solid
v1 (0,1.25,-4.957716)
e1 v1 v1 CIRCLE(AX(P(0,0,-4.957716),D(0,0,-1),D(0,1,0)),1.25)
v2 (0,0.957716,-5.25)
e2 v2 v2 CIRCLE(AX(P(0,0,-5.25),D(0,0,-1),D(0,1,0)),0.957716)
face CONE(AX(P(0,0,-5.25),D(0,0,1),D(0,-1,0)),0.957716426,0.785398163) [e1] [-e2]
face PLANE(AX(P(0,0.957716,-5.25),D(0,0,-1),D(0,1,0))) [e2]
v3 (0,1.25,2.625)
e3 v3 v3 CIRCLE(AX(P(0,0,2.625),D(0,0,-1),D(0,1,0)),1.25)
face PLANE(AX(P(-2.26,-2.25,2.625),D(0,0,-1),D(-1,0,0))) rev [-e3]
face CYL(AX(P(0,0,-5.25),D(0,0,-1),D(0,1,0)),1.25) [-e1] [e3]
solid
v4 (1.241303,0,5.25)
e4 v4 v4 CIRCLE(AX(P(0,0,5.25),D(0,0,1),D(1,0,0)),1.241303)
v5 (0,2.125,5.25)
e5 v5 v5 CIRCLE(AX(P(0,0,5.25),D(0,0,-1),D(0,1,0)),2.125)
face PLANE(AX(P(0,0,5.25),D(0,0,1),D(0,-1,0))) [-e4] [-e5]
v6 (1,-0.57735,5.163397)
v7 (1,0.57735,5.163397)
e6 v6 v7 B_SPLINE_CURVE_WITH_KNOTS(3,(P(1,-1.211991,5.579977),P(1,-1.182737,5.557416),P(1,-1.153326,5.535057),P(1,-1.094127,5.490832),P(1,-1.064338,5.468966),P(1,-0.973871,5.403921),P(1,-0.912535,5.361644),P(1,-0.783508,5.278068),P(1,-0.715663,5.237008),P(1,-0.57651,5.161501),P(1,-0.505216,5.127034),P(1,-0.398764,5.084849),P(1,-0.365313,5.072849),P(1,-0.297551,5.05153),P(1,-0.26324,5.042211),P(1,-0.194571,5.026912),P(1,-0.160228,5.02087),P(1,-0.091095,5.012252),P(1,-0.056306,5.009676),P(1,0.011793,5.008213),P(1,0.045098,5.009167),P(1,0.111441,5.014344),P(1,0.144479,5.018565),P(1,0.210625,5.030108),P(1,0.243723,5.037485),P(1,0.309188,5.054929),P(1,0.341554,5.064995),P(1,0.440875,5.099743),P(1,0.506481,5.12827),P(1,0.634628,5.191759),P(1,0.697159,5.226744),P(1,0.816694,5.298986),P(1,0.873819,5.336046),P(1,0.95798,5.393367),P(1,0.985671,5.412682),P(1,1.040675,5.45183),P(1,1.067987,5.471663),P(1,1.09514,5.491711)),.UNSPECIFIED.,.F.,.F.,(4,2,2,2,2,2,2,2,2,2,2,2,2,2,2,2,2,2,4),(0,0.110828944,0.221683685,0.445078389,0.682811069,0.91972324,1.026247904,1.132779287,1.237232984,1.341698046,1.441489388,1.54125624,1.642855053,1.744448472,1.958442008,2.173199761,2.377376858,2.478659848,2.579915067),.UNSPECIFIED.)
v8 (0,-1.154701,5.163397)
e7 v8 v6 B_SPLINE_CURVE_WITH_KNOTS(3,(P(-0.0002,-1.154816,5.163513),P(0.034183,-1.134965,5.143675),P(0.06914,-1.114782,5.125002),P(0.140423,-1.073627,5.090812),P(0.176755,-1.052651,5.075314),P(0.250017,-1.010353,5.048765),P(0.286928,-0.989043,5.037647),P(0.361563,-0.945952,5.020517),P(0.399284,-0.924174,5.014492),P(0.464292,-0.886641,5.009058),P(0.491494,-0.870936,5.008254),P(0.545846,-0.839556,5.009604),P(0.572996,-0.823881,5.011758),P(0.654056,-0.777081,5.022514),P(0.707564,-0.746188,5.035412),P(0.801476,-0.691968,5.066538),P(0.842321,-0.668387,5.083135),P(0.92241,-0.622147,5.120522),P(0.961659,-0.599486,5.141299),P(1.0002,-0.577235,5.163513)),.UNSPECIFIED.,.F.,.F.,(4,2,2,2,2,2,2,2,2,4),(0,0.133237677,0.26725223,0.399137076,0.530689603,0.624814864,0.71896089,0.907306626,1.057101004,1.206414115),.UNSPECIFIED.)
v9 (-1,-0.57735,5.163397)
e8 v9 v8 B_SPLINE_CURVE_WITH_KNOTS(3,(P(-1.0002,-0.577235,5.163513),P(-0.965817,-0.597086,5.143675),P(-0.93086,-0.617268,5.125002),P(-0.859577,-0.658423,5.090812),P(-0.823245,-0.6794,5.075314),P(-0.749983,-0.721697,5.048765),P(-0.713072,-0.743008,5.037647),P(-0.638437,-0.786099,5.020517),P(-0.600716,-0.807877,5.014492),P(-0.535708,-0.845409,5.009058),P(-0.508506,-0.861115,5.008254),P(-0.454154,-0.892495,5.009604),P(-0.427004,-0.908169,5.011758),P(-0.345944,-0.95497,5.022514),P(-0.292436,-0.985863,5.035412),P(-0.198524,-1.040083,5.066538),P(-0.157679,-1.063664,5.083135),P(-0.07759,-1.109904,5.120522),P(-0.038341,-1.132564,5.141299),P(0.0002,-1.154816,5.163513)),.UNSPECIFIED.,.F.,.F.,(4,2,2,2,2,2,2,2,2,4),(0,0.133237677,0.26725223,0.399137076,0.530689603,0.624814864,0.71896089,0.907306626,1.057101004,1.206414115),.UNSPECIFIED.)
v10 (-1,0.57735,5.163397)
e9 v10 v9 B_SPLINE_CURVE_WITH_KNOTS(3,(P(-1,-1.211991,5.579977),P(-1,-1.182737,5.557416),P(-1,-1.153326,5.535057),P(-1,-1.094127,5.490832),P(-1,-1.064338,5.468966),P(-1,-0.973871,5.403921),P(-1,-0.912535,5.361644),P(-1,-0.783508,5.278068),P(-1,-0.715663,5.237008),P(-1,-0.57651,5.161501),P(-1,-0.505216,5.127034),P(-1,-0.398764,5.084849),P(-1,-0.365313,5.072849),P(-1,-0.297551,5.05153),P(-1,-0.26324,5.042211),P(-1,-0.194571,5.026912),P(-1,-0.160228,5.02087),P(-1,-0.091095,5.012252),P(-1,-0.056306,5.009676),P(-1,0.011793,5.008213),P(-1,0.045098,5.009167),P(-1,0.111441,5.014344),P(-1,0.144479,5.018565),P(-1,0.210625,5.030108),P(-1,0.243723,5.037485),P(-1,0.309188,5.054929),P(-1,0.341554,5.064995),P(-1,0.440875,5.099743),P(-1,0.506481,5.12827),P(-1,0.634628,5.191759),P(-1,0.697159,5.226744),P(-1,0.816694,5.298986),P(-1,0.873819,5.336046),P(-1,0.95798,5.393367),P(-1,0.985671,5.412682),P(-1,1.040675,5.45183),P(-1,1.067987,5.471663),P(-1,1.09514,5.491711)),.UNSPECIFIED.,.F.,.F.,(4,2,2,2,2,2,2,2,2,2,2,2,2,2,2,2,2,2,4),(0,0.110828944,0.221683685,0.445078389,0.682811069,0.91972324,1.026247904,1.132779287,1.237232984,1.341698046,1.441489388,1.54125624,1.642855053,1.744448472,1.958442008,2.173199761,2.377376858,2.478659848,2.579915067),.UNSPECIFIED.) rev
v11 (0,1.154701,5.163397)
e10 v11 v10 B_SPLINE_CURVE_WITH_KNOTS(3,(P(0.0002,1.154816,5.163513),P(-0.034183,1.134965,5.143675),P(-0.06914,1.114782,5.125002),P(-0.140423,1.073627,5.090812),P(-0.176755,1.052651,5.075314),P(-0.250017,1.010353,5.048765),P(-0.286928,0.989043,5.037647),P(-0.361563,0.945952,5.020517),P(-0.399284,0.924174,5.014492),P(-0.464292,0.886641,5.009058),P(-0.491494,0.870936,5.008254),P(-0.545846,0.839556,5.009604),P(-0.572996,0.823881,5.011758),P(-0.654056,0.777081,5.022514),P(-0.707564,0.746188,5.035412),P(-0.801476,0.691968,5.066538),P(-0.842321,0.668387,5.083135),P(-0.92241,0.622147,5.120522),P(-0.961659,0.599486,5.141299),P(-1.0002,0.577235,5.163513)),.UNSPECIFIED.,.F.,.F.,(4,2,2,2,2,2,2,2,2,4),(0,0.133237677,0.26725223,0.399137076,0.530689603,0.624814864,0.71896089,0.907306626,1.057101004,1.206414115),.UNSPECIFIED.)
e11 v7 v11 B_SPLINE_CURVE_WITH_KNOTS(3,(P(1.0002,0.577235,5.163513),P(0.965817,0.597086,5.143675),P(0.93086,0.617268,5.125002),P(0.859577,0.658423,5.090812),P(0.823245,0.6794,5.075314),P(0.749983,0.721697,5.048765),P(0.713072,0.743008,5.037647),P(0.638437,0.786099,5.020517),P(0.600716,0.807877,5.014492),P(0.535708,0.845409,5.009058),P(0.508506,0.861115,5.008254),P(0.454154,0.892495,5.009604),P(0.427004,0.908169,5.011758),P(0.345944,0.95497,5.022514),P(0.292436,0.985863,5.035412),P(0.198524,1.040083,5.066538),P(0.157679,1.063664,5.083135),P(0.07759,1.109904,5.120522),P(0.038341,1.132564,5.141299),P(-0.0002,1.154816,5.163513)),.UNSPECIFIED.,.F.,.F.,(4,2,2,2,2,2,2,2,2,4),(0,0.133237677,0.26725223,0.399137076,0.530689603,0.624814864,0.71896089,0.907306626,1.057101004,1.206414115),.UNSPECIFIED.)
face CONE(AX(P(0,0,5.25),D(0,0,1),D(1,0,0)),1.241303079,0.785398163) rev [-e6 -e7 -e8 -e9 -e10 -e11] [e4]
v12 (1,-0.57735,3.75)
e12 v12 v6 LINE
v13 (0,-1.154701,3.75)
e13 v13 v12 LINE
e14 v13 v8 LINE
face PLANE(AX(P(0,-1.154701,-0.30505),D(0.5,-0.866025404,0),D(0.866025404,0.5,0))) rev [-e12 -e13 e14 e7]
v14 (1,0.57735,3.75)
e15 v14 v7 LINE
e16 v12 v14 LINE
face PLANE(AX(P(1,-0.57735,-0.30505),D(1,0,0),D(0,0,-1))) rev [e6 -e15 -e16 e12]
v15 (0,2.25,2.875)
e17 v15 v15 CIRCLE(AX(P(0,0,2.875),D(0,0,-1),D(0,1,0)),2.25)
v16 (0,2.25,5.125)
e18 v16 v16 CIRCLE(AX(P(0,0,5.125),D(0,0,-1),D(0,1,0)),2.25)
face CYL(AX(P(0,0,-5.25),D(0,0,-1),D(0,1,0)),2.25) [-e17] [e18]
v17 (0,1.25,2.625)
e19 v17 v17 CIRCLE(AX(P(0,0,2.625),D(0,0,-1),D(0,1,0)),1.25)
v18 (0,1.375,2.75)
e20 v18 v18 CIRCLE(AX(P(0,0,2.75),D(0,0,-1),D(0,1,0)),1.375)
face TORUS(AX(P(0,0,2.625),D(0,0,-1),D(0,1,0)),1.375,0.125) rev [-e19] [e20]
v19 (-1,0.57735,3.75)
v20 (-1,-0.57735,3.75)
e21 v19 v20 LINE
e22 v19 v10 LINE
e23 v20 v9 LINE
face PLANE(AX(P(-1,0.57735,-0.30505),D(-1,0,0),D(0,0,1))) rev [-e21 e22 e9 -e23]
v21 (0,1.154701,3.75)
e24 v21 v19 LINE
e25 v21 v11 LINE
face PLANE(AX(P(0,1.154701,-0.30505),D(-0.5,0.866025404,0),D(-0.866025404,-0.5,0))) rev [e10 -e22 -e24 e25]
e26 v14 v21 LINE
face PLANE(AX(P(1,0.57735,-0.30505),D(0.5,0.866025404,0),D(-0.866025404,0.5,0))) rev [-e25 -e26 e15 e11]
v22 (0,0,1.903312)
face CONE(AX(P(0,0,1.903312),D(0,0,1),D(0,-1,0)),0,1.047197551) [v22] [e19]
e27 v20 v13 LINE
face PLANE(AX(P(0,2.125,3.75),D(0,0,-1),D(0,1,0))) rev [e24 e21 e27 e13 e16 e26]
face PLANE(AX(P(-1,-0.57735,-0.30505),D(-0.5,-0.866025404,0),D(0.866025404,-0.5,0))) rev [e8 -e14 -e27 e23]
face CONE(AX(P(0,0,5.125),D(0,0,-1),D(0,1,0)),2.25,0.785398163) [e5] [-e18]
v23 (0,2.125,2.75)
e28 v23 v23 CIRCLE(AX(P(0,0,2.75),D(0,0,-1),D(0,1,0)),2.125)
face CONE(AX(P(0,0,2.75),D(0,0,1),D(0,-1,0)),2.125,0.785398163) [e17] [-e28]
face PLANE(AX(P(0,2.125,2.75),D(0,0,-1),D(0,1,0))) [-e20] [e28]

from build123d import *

# Parameters (mm, degrees)
CUT_EXTRUDE1_DEPTH     = 1.5
SPLIT1_SURFACE_1_BACK  = 13.278
SPLIT1_SURFACE_1_DEPTH = 26.556
SPLIT1_SURFACE_2_BACK  = 13.278
SPLIT1_SURFACE_2_DEPTH = 26.556


with BuildPart() as part:
    # Sketch2 → Revolve1 (revolve)
    with BuildSketch(Plane(origin=(0, 0, 0), x_dir=(0, 0, -1), z_dir=(1, 0, 0))):
        with BuildLine():
            Line((-5.25, 0), (-5.25, 2.125))
            Line((-5.25, 2.125), (-5.125, 2.25))
            Line((-5.125, 2.25), (-2.875, 2.25))
            Line((-2.875, 2.25), (-2.75, 2.125))
            Line((-2.75, 2.125), (-2.75, 1.375))
            ThreePointArc((-2.75, 1.375), (-2.713388348, 1.286611652), (-2.625, 1.25))
            Line((-2.625, 1.25), (4.957716426, 1.25))
            Line((4.957716426, 1.25), (5.25, 0.957716426))
            Line((5.25, 0.957716426), (5.25, 0))
            Line((5.25, 0), (-5.25, 0))
        make_face()
    revolve(axis=Axis((0, 0, -5.25), (0, 0, 1)))

    # Sketch3 → Cut-Extrude1 (cut)
    with BuildSketch(Plane.XY.offset(5.25)):
        Polygon((1, -0.577350269), (1, 0.577350269), (0, 1.154700538), (-1, 0.577350269), (-1, -0.577350269), (0, -1.154700538), align=None)
    extrude(amount=-CUT_EXTRUDE1_DEPTH, mode=Mode.SUBTRACT)

    # Cut-Extrude2 cone 1 section (through the dimple's axis) → Cut-Extrude2 (revolve, cut)
    with BuildSketch(Plane(origin=(0, 0, 5.25), x_dir=(0, -1, 0), z_dir=(1, 0, 0))):
        Polygon((0, 0), (1.241303079, 0), (0, 1.241303079), align=None)
    revolve(axis=Axis((0, 0, 5.25), (0, 0, -1)), mode=Mode.SUBTRACT)


with BuildPart() as body_2:
    # Split1: the piece behind the surface
    add(part.part)
    # Split1 surface: a surface, the sketch's curves swept straight by 26.556 mm
    with BuildLine(Plane(origin=(0, 0, 0), x_dir=(0, 0, -1), z_dir=(1, 0, 0)).offset(-SPLIT1_SURFACE_1_BACK), mode=Mode.PRIVATE) as split1_surface_1_path:
        Line((-2.625, -2.25), (-2.625, 2.25))
    split1_surface_1 = Shell.extrude(split1_surface_1_path.wire(), (1 * SPLIT1_SURFACE_1_DEPTH, 0 * SPLIT1_SURFACE_1_DEPTH, 0 * SPLIT1_SURFACE_1_DEPTH))
    split(bisect_by=split1_surface_1, keep=Keep.BOTTOM)


with BuildPart() as part_1:
    add(part.part)

    # Split1: split by a surface, the side it looks to stays
    # Split1 surface: a surface, the sketch's curves swept straight by 26.556 mm
    with BuildLine(Plane(origin=(0, 0, 0), x_dir=(0, 0, -1), z_dir=(1, 0, 0)).offset(-SPLIT1_SURFACE_2_BACK), mode=Mode.PRIVATE) as split1_surface_2_path:
        Line((-2.625, -2.25), (-2.625, 2.25))
    split1_surface_2 = Shell.extrude(split1_surface_2_path.wire(), (1 * SPLIT1_SURFACE_2_DEPTH, 0 * SPLIT1_SURFACE_2_DEPTH, 0 * SPLIT1_SURFACE_2_DEPTH))
    split(bisect_by=split1_surface_2, keep=Keep.TOP)

    # Sketch8 → Revolve2 (revolve)
    with BuildSketch(Plane(origin=(0, 0, 0), x_dir=(0, 0, -1), z_dir=(1, 0, 0)), mode=Mode.PRIVATE) as revolve2_sk:
        Polygon((-2.75, 0), (-2.75, 1.25), (-2.625, 1.25), (-1.903312164, 0), align=None)
    revolve(revolve2_sk.sketch.rotate(Axis((0, 0, 1.903312164), (0, 0, 1)), 270), axis=Axis((0, 0, 1.903312164), (0, 0, 1)))


solid = Compound([body_2.part, part_1.part])
